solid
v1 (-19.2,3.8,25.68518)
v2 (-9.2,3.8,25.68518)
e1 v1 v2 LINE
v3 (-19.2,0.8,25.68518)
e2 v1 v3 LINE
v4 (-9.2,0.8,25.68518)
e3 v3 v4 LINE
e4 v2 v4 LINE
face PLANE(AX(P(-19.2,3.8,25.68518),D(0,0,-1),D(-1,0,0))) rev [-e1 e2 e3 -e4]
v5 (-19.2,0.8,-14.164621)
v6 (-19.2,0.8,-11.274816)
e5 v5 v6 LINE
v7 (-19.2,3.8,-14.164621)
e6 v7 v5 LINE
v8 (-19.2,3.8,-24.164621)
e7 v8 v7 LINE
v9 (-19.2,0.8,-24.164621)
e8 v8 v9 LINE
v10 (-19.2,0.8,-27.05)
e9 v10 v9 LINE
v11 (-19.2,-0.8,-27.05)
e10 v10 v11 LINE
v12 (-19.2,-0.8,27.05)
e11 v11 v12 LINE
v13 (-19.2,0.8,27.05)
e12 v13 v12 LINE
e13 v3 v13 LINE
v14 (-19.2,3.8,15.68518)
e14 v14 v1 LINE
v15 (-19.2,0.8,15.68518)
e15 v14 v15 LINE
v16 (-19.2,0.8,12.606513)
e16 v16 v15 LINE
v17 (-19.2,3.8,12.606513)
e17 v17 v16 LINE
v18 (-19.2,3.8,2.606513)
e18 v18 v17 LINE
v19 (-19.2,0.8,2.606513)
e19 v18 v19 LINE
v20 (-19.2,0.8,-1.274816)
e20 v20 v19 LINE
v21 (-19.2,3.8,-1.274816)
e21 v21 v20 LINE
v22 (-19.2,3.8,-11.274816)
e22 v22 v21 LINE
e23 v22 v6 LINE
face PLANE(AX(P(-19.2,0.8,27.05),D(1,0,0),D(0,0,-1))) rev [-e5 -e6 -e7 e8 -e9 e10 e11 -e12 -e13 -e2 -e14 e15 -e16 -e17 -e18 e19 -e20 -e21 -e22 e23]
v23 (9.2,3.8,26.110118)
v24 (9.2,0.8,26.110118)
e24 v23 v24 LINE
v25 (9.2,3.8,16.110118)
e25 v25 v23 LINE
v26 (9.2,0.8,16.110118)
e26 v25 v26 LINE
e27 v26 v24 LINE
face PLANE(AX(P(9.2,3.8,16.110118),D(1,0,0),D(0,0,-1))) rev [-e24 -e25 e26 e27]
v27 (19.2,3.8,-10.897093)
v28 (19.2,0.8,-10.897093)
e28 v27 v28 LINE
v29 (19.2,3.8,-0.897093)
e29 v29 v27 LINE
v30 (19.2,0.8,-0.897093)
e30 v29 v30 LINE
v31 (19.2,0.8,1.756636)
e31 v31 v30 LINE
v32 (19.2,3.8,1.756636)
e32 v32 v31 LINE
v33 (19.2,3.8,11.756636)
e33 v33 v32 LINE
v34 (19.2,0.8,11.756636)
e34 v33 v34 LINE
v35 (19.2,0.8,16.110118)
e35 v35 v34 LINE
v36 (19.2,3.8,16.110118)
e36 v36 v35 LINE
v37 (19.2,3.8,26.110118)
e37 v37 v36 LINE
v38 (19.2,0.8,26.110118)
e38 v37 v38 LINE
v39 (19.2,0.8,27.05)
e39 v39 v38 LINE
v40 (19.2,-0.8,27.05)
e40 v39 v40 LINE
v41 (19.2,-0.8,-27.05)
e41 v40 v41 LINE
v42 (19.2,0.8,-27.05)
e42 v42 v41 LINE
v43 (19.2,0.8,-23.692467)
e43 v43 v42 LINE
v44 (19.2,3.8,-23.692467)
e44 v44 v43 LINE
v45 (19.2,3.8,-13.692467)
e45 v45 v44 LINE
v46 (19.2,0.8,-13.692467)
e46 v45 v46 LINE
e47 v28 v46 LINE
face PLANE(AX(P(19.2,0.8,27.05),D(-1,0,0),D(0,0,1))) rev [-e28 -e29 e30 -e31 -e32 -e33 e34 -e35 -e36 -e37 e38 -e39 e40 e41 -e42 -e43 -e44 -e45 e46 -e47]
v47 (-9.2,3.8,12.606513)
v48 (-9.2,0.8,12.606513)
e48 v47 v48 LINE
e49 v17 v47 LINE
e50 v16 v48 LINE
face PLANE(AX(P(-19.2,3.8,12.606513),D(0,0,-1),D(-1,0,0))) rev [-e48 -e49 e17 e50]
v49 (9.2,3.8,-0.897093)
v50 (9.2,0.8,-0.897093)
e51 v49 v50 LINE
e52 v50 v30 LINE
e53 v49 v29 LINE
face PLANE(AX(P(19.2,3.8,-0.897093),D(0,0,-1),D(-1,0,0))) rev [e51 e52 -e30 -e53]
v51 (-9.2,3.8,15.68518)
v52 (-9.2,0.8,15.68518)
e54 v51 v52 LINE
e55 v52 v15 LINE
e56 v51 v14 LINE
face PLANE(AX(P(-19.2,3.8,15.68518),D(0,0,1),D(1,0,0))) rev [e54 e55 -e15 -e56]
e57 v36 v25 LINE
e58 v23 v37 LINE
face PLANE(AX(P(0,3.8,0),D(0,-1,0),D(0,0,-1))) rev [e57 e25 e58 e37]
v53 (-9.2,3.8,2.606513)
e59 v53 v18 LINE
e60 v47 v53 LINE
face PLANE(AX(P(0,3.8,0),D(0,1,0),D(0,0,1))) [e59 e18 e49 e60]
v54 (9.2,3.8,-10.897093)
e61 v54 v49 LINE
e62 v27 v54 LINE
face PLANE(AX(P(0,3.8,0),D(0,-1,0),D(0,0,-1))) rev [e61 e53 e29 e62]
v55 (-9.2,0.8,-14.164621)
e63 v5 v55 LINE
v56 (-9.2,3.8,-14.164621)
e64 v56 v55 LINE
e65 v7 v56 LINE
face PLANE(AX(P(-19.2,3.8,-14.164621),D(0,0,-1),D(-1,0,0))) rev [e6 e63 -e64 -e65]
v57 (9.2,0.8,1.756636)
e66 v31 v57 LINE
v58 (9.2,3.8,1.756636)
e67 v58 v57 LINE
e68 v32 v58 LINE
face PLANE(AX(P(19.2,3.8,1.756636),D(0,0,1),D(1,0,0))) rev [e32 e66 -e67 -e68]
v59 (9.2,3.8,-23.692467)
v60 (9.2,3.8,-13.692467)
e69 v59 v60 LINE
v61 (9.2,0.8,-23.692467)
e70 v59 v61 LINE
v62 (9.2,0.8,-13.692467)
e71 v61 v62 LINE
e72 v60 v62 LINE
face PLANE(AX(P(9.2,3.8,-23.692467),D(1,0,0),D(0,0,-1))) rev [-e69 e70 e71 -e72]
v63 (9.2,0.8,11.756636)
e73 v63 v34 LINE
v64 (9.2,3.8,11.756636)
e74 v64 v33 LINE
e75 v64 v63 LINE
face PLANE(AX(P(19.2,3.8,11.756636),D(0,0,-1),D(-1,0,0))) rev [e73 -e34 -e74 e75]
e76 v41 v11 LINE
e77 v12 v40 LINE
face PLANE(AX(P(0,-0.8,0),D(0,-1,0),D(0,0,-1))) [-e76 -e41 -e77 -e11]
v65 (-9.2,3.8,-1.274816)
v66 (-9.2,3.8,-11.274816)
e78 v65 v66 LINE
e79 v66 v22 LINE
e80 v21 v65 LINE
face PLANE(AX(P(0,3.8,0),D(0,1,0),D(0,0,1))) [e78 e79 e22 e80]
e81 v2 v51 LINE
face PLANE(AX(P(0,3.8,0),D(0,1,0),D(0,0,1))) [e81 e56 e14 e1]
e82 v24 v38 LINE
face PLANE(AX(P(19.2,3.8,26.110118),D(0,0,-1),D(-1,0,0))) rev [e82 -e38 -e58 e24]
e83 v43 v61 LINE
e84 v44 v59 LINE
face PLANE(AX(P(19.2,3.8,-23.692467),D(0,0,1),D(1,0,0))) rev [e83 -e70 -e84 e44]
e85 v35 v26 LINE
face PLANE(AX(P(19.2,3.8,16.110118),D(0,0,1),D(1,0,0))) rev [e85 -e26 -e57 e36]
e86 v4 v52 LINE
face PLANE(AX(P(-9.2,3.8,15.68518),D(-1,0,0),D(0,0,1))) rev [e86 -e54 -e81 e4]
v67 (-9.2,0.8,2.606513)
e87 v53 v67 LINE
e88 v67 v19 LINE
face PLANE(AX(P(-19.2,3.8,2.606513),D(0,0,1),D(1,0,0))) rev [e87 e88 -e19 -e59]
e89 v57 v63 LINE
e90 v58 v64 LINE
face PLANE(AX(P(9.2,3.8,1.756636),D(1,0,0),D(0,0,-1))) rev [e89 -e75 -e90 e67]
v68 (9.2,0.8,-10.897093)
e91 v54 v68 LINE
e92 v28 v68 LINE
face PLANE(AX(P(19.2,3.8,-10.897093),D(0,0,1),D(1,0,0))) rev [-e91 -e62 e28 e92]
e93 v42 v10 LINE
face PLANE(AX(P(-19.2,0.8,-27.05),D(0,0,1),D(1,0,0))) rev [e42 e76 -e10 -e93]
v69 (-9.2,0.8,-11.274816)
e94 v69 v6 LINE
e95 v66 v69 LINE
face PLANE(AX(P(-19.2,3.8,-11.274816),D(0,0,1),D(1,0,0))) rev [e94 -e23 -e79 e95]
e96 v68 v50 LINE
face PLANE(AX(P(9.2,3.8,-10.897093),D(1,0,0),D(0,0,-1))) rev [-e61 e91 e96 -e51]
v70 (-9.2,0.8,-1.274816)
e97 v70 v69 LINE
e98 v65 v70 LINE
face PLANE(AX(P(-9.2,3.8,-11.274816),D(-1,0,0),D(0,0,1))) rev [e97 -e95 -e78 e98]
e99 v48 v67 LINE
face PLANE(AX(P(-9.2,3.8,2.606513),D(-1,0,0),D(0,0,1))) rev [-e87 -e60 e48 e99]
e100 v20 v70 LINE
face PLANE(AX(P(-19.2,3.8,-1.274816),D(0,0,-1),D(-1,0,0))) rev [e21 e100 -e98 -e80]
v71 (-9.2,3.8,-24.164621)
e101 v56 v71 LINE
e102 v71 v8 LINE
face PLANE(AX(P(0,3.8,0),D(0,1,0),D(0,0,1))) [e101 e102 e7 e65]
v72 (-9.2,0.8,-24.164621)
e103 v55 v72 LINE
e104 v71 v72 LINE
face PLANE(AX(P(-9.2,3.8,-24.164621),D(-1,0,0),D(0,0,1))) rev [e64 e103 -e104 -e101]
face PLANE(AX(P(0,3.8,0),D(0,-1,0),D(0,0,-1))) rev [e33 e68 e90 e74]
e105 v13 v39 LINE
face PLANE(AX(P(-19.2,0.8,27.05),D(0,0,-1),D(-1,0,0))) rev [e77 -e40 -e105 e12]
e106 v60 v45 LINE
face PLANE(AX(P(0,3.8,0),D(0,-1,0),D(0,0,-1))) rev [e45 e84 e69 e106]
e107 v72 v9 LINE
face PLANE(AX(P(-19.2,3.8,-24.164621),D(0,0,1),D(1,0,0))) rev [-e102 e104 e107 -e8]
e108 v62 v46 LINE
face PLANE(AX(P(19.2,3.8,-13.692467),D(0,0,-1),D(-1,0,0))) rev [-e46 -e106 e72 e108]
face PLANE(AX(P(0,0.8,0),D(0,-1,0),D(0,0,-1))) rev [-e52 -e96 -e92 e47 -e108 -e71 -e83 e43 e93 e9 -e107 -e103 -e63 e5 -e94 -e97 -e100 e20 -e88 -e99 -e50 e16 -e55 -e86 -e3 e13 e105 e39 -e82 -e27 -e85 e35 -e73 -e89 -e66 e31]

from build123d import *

# Parameters (mm, degrees)
SKETCH_1_W      = 38.4
SKETCH_1_H      = 54.1
EXTRUDE_1_DEPTH = 0.8
SKETCH_2_W      = 10
SKETCH_2_H      = 10
EXTRUDE_2_DEPTH = 3


with BuildPart() as part:
    # Эскиз1 → Бобышка-Вытянуть1 (new, symmetric)
    with BuildSketch(Plane(origin=(0, 0, 0), x_dir=(1, 0, 0), z_dir=(0, 1, 0))):
        Rectangle(SKETCH_1_W, SKETCH_1_H)
    extrude(amount=EXTRUDE_1_DEPTH, both=True)

    # Эскиз2 → Бобышка-Вытянуть2 (add)
    with BuildSketch(Plane(origin=(0, 0.8, 0), x_dir=(1, 0, 0), z_dir=(0, 1, 0))):
        with Locations((-14.2, 19.164621175)):
            Rectangle(SKETCH_2_W, SKETCH_2_H)
        with Locations((-14.2, 6.274815906)):
            Rectangle(SKETCH_2_W, SKETCH_2_H)
        with Locations((-14.2, -7.606512846)):
            Rectangle(SKETCH_2_W, SKETCH_2_H)
        with Locations((-14.2, -20.685179731)):
            Rectangle(SKETCH_2_W, SKETCH_2_H)
        with Locations((14.2, 18.692467136)):
            Rectangle(SKETCH_2_W, SKETCH_2_H)
        with Locations((14.2, 5.897092674)):
            Rectangle(SKETCH_2_W, SKETCH_2_H)
        with Locations((14.2, -6.756635575)):
            Rectangle(SKETCH_2_W, SKETCH_2_H)
        with Locations((14.2, -21.110118366)):
            Rectangle(SKETCH_2_W, SKETCH_2_H)
    extrude(amount=EXTRUDE_2_DEPTH)


solid = part.part
